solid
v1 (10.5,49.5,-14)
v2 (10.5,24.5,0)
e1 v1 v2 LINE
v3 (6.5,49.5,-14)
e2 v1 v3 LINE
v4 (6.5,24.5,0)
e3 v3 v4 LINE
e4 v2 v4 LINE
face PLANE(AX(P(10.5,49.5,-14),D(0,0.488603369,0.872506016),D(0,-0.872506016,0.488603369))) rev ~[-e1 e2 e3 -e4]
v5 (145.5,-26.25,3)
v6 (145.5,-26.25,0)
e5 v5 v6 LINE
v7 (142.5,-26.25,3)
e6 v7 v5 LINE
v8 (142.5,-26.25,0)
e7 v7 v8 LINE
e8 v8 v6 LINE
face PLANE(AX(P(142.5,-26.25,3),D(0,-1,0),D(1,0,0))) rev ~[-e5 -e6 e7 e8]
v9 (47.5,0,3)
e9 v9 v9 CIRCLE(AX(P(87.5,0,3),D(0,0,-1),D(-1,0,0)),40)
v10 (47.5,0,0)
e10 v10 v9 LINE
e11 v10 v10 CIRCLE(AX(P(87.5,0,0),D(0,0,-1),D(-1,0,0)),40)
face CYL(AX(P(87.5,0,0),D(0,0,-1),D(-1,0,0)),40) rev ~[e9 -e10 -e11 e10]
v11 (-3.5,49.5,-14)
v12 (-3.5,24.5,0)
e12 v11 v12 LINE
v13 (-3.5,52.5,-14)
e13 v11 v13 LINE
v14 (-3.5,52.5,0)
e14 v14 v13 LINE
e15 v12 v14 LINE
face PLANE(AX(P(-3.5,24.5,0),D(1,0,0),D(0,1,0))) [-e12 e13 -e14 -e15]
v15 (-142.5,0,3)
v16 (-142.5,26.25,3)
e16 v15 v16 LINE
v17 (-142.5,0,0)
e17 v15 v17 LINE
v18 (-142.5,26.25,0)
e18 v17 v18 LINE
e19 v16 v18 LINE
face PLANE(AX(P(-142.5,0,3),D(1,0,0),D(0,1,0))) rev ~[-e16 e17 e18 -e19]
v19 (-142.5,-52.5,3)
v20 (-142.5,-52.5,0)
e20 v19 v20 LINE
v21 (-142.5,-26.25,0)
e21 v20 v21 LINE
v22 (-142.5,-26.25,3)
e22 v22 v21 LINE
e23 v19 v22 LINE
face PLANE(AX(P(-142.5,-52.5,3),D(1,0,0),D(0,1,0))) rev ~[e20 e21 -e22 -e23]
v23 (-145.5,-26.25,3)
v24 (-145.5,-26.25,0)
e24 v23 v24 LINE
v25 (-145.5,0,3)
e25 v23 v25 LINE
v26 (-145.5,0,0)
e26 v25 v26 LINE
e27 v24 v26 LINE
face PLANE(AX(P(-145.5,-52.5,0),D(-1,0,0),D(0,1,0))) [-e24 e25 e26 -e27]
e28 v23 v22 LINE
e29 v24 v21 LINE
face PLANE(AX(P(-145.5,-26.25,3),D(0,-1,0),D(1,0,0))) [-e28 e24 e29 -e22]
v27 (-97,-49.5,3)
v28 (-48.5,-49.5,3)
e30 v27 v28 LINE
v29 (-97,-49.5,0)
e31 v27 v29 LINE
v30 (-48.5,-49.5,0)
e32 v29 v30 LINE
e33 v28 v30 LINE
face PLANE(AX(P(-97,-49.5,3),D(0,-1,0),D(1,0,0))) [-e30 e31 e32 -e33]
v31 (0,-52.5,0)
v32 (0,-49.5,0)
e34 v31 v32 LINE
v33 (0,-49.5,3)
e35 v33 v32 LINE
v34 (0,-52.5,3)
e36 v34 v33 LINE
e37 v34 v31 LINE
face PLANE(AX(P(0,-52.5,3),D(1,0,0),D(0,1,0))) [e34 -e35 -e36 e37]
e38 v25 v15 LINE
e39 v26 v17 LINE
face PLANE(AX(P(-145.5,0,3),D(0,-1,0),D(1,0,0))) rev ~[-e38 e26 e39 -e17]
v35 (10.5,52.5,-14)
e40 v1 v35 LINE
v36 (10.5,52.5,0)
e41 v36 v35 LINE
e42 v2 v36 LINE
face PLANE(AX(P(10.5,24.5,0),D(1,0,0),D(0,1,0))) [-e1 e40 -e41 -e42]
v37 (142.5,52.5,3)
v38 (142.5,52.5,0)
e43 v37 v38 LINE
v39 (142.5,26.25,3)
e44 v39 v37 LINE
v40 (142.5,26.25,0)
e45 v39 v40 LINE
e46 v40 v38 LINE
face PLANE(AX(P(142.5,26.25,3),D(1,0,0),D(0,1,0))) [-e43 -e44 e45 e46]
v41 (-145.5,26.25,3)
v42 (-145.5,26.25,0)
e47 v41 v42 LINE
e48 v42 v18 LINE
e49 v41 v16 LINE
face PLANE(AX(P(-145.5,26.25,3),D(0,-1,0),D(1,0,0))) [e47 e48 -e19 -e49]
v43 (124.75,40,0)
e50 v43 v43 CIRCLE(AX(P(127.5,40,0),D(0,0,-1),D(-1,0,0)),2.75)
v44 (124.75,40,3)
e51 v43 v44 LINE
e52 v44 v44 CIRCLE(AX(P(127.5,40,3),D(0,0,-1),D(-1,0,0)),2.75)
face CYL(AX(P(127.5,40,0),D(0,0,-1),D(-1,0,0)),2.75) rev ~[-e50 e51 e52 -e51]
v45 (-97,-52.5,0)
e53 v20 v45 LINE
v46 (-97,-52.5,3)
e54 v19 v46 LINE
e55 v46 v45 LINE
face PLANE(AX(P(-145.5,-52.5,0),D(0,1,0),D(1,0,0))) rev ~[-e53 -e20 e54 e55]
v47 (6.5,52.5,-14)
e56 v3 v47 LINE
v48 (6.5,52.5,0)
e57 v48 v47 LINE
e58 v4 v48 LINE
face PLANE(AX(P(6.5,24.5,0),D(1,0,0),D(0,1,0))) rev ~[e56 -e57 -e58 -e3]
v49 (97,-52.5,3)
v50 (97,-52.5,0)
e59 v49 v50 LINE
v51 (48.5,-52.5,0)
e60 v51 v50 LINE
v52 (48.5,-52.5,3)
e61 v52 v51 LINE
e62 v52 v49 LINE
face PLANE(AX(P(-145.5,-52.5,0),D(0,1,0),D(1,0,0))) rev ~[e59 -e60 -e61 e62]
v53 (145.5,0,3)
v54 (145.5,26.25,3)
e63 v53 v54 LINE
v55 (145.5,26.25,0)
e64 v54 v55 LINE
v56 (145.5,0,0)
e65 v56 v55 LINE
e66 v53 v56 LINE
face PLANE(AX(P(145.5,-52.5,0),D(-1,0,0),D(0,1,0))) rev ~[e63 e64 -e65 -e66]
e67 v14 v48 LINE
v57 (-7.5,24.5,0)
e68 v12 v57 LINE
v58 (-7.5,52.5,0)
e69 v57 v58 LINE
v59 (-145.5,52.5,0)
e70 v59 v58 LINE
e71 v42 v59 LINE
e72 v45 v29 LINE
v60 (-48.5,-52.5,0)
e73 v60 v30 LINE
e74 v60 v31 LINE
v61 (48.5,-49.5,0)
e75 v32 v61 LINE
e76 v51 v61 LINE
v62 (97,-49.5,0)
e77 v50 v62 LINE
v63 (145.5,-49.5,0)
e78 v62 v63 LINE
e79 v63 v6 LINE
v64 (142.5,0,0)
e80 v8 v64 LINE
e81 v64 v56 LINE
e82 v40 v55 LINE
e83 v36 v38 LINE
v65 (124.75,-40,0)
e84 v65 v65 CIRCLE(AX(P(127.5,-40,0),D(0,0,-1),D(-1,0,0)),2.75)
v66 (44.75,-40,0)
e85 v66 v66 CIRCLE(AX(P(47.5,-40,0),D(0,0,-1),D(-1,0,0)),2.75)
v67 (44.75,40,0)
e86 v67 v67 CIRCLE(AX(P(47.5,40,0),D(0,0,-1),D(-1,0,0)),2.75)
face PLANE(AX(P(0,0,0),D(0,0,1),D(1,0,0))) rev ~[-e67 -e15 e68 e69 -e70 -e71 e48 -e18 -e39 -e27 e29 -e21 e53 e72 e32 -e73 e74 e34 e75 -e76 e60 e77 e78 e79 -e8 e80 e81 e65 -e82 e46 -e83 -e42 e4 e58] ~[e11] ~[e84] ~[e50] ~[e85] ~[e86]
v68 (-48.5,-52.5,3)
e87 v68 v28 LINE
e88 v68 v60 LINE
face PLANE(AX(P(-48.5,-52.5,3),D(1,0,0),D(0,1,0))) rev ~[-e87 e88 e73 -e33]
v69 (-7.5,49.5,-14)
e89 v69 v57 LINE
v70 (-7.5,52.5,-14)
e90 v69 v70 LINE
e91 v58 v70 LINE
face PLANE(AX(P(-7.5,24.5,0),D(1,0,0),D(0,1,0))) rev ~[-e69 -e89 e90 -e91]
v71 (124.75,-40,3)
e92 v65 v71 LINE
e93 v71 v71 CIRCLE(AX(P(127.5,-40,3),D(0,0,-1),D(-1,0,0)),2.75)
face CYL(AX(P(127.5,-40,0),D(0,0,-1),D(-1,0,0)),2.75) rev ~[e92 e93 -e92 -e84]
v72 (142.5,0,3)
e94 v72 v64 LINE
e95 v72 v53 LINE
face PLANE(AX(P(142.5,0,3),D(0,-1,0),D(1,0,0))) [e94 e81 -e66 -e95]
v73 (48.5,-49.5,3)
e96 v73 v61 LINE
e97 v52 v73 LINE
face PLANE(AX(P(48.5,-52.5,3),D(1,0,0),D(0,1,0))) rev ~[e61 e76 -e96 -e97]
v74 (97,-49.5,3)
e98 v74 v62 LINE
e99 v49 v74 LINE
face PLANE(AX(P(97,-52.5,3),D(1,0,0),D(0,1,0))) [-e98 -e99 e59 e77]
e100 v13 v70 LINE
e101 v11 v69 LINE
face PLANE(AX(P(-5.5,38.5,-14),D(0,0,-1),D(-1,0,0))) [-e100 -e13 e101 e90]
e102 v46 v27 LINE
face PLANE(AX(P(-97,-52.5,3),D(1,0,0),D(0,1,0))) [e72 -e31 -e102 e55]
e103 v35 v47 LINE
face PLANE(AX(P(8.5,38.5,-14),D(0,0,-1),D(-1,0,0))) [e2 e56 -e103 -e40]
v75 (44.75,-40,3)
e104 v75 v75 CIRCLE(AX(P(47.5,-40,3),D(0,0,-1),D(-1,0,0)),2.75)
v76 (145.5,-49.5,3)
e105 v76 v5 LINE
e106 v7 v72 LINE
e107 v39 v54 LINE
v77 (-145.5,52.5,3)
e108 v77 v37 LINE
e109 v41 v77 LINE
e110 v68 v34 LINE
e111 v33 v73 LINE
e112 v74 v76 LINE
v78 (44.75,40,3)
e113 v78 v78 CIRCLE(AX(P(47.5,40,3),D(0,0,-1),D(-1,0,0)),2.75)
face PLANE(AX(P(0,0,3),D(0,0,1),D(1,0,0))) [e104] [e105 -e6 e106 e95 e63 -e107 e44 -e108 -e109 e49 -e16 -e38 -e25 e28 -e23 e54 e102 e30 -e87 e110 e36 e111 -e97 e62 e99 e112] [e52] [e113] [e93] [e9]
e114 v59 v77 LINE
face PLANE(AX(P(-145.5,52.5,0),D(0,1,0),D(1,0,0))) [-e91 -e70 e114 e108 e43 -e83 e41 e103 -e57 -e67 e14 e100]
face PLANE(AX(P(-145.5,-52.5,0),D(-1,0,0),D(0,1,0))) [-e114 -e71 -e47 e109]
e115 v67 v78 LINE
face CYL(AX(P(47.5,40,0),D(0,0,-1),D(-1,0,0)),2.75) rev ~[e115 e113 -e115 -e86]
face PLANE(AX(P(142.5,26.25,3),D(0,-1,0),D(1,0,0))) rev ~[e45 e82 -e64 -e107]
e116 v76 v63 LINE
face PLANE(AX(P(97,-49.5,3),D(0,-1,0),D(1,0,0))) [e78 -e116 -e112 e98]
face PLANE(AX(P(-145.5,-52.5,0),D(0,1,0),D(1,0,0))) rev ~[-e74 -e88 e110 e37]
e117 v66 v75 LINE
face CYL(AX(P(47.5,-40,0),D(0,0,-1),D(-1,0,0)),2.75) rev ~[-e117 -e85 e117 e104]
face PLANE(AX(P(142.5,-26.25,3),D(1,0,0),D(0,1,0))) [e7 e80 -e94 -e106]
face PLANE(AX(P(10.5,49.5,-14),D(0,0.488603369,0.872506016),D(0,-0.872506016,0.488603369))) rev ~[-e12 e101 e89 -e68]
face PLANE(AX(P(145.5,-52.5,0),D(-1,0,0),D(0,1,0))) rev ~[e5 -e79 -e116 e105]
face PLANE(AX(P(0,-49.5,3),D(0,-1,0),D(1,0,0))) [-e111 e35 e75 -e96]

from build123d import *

# Parameters (mm, degrees)
SKETCH_1_W          = 291
SKETCH_1_H          = 105
EXTRUDE_1_DEPTH     = 3
SKETCH_2_W          = 3
SKETCH_2_H          = 26.25
SKETCH_2_W_2        = 48.5
SKETCH_2_H_2        = 3
CUT_EXTRUDE_1_DEPTH = 3
SKETCH_3_R          = 40
SKETCH_3_R_2        = 2.75
CUT_EXTRUDE_2_DEPTH = 3
SKETCH_4_W          = 4
SKETCH_4_H          = 28
EXTRUDE_2_DEPTH     = 14
CUT_EXTRUDE_3_REACH = 167.192


with BuildPart() as part:
    # Эскиз1 → Бобышка-Вытянуть1 (new body)
    with BuildSketch(Plane.XY):
        Rectangle(SKETCH_1_W, SKETCH_1_H)
    extrude(amount=EXTRUDE_1_DEPTH)

    # Эскиз2 → Вырез-Вытянуть1 (cut)
    with BuildSketch(Plane.XY.offset(3)):
        with Locations((-144, -39.375)):
            Rectangle(SKETCH_2_W, SKETCH_2_H)
        with Locations((-144, 13.125)):
            Rectangle(SKETCH_2_W, SKETCH_2_H)
        with Locations((-72.75, -51)):
            Rectangle(SKETCH_2_W_2, SKETCH_2_H_2)
        with Locations((24.25, -51)):
            Rectangle(SKETCH_2_W_2, SKETCH_2_H_2)
        with Locations((121.25, -51)):
            Rectangle(SKETCH_2_W_2, SKETCH_2_H_2)
        with Locations((144, 39.375)):
            Rectangle(SKETCH_2_W, SKETCH_2_H)
        with Locations((144, -13.125)):
            Rectangle(SKETCH_2_W, SKETCH_2_H)
    extrude(amount=-CUT_EXTRUDE_1_DEPTH, mode=Mode.SUBTRACT)

    # Эскиз3 → Вырез-Вытянуть2 (cut)
    with BuildSketch(Plane(origin=(0, 0, 0), x_dir=(-1, 0, 0), z_dir=(0, 0, -1))):
        with Locations((-87.5, 0)):
            Circle(SKETCH_3_R)
        with Locations((-127.5, 40)):
            Circle(SKETCH_3_R_2)
        with Locations((-47.5, 40)):
            Circle(SKETCH_3_R_2)
        with Locations((-47.5, -40)):
            Circle(SKETCH_3_R_2)
        with Locations((-127.5, -40)):
            Circle(SKETCH_3_R_2)
    extrude(amount=-CUT_EXTRUDE_2_DEPTH, mode=Mode.SUBTRACT)

    # Эскиз4 → Бобышка-Вытянуть2 (add)
    with BuildSketch(Plane(origin=(0, 0, 0), x_dir=(-1, 0, 0), z_dir=(0, 0, -1))):
        with Locations((5.5, 38.5)):
            Rectangle(SKETCH_4_W, SKETCH_4_H)
        with Locations((-8.5, 38.5)):
            Rectangle(SKETCH_4_W, SKETCH_4_H)
    extrude(amount=EXTRUDE_2_DEPTH)

    # Вырез-Вытянуть3: up to this face of the body (flat: up to its plane)
    cut_extrude_3_end = Plane(part.part.faces().sort_by_distance((-7.5, 38.5, -7))[0])
    # Эскиз5 → Вырез-Вытянуть3 (cut, up to the picked face)
    with BuildSketch(Plane(origin=(10.5, 0, 0), x_dir=(0, 0, -1), z_dir=(1, 0, 0)), mode=Mode.PRIVATE) as cut_extrude_3_sk1:
        Polygon((0, 24.5), (14, 24.5), (14, 49.5), align=None)
    cut_extrude_3_tool1 = split(extrude(cut_extrude_3_sk1.sketch, amount=-CUT_EXTRUDE_3_REACH, mode=Mode.PRIVATE), bisect_by=cut_extrude_3_end, keep=Keep.BOTH, mode=Mode.PRIVATE)
    add(cut_extrude_3_tool1.solids().sort_by(Axis((10.5, 32.833333, -9.333333), (-1, 0, 0)))[0], mode=Mode.SUBTRACT)


solid = part.part
